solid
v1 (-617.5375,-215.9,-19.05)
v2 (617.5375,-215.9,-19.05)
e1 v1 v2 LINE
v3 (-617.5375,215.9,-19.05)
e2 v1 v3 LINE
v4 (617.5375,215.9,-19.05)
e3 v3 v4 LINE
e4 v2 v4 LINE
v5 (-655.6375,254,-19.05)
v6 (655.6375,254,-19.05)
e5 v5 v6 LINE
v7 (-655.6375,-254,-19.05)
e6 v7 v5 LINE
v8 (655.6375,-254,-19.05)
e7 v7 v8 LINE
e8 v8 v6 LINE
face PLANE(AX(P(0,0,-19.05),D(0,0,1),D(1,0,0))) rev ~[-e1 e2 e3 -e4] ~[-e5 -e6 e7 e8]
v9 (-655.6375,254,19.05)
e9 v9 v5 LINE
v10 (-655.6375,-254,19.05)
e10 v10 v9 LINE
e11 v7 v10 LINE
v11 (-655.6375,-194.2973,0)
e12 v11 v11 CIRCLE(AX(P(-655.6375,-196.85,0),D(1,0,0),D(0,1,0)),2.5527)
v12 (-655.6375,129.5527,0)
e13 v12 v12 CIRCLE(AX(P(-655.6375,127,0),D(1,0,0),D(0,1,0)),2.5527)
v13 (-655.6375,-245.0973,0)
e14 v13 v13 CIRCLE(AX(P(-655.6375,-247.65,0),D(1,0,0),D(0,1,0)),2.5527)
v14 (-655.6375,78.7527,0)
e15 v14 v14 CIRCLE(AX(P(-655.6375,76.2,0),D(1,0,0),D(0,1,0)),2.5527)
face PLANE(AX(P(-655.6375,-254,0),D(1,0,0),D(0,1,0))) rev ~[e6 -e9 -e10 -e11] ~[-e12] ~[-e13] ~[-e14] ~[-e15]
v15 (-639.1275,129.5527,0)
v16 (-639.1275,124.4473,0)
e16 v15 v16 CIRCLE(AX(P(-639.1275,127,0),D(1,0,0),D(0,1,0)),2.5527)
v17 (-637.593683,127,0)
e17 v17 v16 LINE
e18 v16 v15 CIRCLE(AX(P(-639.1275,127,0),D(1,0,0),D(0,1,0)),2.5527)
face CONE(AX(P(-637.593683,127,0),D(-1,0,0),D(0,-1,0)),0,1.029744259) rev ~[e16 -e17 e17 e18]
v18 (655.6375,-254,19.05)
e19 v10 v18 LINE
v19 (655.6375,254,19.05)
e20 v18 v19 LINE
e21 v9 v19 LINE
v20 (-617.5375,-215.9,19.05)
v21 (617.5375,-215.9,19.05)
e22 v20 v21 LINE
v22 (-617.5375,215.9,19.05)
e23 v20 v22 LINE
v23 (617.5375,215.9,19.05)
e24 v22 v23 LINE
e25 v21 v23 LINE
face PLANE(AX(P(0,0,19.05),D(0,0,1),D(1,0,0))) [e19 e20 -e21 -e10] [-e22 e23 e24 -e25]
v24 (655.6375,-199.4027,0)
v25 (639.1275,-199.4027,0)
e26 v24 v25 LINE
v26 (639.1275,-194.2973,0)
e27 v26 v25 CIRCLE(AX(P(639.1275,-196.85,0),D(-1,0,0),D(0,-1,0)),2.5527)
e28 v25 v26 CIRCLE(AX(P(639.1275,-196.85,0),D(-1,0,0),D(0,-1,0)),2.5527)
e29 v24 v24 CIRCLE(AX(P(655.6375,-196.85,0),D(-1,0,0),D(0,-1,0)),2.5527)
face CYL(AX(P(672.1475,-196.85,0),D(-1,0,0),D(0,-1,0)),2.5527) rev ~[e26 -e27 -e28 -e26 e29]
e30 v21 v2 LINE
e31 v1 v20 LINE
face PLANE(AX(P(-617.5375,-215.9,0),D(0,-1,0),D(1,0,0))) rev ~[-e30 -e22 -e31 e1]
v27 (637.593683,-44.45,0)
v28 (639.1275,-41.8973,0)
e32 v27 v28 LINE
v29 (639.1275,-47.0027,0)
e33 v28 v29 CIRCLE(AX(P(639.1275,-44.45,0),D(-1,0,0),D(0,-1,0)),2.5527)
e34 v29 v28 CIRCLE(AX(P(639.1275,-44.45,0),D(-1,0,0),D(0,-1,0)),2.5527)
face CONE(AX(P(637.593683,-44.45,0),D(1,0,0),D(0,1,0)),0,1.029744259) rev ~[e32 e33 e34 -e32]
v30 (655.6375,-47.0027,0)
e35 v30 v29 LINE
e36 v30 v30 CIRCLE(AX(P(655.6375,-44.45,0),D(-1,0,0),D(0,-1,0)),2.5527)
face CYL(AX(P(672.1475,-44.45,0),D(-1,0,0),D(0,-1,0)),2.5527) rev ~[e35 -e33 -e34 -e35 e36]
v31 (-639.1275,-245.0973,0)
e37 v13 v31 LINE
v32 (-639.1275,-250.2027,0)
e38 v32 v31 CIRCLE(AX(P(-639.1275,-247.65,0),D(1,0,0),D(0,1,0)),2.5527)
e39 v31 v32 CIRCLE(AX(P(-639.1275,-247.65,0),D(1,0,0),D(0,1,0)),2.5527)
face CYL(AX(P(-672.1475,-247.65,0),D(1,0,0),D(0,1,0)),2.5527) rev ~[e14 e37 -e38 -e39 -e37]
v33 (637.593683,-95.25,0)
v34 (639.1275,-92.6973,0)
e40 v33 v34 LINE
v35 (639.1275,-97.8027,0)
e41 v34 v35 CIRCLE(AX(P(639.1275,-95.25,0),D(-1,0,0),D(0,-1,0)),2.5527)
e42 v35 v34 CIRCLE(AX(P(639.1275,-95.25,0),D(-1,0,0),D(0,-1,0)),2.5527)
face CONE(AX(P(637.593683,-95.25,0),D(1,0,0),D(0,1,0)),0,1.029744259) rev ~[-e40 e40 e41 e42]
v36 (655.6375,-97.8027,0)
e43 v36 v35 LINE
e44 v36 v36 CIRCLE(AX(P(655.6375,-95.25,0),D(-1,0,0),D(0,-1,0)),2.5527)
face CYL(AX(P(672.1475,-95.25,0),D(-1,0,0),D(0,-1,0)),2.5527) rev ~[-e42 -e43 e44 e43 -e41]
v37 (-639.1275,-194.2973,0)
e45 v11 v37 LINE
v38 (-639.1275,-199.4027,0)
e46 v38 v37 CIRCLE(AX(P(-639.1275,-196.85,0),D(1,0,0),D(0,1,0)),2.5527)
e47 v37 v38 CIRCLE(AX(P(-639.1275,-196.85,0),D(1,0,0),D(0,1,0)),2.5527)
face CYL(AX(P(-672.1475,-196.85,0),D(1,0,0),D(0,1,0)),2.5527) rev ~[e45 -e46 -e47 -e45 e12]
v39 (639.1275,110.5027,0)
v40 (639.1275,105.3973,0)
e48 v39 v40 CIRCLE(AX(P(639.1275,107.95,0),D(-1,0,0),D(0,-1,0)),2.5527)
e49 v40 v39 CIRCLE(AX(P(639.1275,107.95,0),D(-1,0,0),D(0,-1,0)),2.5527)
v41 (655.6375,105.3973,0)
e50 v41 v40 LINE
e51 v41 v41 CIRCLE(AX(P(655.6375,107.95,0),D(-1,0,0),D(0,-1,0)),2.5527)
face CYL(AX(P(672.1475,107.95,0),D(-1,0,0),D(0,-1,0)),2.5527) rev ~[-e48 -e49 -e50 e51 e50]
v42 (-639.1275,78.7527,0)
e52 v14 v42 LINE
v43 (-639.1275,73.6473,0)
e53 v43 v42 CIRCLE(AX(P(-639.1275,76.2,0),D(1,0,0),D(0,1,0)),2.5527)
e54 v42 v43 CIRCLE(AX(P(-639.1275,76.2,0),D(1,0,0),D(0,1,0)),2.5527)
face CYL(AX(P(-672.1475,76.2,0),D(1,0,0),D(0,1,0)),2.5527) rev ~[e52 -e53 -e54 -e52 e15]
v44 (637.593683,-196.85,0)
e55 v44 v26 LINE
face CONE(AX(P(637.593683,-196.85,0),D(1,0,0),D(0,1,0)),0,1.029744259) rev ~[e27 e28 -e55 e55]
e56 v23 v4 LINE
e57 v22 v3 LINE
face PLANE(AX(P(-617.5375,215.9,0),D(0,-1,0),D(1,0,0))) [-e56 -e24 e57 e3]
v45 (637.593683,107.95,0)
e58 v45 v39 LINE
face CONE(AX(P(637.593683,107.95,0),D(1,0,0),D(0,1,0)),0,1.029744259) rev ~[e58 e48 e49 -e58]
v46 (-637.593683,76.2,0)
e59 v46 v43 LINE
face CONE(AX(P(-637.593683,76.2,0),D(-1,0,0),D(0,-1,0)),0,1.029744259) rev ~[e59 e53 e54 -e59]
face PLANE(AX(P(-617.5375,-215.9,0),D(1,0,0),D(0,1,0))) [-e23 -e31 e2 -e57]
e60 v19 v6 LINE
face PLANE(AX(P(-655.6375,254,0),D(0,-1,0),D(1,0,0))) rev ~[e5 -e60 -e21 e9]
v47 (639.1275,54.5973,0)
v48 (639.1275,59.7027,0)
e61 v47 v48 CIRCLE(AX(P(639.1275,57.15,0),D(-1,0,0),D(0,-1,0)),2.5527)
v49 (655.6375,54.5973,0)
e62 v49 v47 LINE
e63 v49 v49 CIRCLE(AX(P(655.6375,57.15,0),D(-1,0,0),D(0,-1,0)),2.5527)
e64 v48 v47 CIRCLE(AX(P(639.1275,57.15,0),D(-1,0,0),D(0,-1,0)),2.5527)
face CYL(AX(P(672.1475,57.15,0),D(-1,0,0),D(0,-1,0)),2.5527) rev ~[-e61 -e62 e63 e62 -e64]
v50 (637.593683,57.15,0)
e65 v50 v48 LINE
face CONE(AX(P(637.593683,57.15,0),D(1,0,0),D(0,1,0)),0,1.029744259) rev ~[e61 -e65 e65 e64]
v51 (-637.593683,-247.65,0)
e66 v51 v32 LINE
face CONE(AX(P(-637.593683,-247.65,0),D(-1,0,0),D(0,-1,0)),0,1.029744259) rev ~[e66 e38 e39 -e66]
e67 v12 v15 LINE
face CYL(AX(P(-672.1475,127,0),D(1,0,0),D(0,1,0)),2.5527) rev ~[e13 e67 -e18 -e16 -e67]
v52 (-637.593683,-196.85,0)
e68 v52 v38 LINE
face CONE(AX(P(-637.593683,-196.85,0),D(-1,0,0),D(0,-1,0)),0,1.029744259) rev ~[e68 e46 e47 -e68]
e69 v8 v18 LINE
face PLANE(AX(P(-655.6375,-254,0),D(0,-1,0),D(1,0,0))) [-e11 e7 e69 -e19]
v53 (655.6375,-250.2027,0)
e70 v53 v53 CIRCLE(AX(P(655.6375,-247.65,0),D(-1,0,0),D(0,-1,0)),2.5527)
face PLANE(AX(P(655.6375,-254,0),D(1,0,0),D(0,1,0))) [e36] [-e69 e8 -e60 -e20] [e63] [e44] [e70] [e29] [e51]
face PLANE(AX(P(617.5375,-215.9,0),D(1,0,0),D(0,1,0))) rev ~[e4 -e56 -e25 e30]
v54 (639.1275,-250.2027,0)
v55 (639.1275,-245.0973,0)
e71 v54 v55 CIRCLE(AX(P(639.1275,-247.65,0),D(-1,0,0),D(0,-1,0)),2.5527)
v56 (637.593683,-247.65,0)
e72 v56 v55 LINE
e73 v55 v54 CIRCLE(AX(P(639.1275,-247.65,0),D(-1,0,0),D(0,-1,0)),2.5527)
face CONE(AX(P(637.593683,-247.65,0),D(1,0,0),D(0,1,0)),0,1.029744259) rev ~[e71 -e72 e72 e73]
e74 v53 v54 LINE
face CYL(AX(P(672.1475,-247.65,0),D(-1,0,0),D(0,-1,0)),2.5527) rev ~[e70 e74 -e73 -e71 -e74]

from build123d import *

# Parameters (mm, degrees)
F0_W           = 1311.275
F0_H           = 508
F0_W_2         = 1235.075
F0_H_2         = 431.8
F1_DEPTH       = 19.05
F4_D           = 5.1054
F4_DEPTH       = 16.51
F4_TIP         = 1.5338169022
F4_ON_F3_D     = 5.1054
F4_ON_F3_DEPTH = 16.51
F4_ON_F3_TIP   = 1.5338169022


with BuildPart() as f1:
    # F0 (on Top) → F1 (new body, symmetric)
    with BuildSketch(Plane.XY):
        Rectangle(F0_W, F0_H)
        Rectangle(F0_W_2, F0_H_2, mode=Mode.SUBTRACT)
    extrude(amount=F1_DEPTH, both=True)

    # F4
    with Locations(Plane.YZ.offset(655.6375)):
        with Locations((57.15, 0), (107.95, 0), (-196.85, 0), (-247.65, 0), (-44.45, 0), (-95.25, 0)):
            Hole(F4_D / 2, depth=F4_DEPTH)
            with Locations((0, 0, -(F4_DEPTH + F4_TIP / 2))):  # 118° drill point
                Cone(0, F4_D / 2, F4_TIP, mode=Mode.SUBTRACT)

    # F4 on F3
    with Locations(Plane(origin=(-655.6375, 0, 0), x_dir=(0, -1, 0), z_dir=(-1, 0, 0))):
        with Locations((247.65, 0), (196.85, 0), (-76.2, 0), (-127, 0)):
            Hole(F4_ON_F3_D / 2, depth=F4_ON_F3_DEPTH)
            with Locations((0, 0, -(F4_ON_F3_DEPTH + F4_ON_F3_TIP / 2))):  # 118° drill point
                Cone(0, F4_ON_F3_D / 2, F4_ON_F3_TIP, mode=Mode.SUBTRACT)


solid = f1.part
